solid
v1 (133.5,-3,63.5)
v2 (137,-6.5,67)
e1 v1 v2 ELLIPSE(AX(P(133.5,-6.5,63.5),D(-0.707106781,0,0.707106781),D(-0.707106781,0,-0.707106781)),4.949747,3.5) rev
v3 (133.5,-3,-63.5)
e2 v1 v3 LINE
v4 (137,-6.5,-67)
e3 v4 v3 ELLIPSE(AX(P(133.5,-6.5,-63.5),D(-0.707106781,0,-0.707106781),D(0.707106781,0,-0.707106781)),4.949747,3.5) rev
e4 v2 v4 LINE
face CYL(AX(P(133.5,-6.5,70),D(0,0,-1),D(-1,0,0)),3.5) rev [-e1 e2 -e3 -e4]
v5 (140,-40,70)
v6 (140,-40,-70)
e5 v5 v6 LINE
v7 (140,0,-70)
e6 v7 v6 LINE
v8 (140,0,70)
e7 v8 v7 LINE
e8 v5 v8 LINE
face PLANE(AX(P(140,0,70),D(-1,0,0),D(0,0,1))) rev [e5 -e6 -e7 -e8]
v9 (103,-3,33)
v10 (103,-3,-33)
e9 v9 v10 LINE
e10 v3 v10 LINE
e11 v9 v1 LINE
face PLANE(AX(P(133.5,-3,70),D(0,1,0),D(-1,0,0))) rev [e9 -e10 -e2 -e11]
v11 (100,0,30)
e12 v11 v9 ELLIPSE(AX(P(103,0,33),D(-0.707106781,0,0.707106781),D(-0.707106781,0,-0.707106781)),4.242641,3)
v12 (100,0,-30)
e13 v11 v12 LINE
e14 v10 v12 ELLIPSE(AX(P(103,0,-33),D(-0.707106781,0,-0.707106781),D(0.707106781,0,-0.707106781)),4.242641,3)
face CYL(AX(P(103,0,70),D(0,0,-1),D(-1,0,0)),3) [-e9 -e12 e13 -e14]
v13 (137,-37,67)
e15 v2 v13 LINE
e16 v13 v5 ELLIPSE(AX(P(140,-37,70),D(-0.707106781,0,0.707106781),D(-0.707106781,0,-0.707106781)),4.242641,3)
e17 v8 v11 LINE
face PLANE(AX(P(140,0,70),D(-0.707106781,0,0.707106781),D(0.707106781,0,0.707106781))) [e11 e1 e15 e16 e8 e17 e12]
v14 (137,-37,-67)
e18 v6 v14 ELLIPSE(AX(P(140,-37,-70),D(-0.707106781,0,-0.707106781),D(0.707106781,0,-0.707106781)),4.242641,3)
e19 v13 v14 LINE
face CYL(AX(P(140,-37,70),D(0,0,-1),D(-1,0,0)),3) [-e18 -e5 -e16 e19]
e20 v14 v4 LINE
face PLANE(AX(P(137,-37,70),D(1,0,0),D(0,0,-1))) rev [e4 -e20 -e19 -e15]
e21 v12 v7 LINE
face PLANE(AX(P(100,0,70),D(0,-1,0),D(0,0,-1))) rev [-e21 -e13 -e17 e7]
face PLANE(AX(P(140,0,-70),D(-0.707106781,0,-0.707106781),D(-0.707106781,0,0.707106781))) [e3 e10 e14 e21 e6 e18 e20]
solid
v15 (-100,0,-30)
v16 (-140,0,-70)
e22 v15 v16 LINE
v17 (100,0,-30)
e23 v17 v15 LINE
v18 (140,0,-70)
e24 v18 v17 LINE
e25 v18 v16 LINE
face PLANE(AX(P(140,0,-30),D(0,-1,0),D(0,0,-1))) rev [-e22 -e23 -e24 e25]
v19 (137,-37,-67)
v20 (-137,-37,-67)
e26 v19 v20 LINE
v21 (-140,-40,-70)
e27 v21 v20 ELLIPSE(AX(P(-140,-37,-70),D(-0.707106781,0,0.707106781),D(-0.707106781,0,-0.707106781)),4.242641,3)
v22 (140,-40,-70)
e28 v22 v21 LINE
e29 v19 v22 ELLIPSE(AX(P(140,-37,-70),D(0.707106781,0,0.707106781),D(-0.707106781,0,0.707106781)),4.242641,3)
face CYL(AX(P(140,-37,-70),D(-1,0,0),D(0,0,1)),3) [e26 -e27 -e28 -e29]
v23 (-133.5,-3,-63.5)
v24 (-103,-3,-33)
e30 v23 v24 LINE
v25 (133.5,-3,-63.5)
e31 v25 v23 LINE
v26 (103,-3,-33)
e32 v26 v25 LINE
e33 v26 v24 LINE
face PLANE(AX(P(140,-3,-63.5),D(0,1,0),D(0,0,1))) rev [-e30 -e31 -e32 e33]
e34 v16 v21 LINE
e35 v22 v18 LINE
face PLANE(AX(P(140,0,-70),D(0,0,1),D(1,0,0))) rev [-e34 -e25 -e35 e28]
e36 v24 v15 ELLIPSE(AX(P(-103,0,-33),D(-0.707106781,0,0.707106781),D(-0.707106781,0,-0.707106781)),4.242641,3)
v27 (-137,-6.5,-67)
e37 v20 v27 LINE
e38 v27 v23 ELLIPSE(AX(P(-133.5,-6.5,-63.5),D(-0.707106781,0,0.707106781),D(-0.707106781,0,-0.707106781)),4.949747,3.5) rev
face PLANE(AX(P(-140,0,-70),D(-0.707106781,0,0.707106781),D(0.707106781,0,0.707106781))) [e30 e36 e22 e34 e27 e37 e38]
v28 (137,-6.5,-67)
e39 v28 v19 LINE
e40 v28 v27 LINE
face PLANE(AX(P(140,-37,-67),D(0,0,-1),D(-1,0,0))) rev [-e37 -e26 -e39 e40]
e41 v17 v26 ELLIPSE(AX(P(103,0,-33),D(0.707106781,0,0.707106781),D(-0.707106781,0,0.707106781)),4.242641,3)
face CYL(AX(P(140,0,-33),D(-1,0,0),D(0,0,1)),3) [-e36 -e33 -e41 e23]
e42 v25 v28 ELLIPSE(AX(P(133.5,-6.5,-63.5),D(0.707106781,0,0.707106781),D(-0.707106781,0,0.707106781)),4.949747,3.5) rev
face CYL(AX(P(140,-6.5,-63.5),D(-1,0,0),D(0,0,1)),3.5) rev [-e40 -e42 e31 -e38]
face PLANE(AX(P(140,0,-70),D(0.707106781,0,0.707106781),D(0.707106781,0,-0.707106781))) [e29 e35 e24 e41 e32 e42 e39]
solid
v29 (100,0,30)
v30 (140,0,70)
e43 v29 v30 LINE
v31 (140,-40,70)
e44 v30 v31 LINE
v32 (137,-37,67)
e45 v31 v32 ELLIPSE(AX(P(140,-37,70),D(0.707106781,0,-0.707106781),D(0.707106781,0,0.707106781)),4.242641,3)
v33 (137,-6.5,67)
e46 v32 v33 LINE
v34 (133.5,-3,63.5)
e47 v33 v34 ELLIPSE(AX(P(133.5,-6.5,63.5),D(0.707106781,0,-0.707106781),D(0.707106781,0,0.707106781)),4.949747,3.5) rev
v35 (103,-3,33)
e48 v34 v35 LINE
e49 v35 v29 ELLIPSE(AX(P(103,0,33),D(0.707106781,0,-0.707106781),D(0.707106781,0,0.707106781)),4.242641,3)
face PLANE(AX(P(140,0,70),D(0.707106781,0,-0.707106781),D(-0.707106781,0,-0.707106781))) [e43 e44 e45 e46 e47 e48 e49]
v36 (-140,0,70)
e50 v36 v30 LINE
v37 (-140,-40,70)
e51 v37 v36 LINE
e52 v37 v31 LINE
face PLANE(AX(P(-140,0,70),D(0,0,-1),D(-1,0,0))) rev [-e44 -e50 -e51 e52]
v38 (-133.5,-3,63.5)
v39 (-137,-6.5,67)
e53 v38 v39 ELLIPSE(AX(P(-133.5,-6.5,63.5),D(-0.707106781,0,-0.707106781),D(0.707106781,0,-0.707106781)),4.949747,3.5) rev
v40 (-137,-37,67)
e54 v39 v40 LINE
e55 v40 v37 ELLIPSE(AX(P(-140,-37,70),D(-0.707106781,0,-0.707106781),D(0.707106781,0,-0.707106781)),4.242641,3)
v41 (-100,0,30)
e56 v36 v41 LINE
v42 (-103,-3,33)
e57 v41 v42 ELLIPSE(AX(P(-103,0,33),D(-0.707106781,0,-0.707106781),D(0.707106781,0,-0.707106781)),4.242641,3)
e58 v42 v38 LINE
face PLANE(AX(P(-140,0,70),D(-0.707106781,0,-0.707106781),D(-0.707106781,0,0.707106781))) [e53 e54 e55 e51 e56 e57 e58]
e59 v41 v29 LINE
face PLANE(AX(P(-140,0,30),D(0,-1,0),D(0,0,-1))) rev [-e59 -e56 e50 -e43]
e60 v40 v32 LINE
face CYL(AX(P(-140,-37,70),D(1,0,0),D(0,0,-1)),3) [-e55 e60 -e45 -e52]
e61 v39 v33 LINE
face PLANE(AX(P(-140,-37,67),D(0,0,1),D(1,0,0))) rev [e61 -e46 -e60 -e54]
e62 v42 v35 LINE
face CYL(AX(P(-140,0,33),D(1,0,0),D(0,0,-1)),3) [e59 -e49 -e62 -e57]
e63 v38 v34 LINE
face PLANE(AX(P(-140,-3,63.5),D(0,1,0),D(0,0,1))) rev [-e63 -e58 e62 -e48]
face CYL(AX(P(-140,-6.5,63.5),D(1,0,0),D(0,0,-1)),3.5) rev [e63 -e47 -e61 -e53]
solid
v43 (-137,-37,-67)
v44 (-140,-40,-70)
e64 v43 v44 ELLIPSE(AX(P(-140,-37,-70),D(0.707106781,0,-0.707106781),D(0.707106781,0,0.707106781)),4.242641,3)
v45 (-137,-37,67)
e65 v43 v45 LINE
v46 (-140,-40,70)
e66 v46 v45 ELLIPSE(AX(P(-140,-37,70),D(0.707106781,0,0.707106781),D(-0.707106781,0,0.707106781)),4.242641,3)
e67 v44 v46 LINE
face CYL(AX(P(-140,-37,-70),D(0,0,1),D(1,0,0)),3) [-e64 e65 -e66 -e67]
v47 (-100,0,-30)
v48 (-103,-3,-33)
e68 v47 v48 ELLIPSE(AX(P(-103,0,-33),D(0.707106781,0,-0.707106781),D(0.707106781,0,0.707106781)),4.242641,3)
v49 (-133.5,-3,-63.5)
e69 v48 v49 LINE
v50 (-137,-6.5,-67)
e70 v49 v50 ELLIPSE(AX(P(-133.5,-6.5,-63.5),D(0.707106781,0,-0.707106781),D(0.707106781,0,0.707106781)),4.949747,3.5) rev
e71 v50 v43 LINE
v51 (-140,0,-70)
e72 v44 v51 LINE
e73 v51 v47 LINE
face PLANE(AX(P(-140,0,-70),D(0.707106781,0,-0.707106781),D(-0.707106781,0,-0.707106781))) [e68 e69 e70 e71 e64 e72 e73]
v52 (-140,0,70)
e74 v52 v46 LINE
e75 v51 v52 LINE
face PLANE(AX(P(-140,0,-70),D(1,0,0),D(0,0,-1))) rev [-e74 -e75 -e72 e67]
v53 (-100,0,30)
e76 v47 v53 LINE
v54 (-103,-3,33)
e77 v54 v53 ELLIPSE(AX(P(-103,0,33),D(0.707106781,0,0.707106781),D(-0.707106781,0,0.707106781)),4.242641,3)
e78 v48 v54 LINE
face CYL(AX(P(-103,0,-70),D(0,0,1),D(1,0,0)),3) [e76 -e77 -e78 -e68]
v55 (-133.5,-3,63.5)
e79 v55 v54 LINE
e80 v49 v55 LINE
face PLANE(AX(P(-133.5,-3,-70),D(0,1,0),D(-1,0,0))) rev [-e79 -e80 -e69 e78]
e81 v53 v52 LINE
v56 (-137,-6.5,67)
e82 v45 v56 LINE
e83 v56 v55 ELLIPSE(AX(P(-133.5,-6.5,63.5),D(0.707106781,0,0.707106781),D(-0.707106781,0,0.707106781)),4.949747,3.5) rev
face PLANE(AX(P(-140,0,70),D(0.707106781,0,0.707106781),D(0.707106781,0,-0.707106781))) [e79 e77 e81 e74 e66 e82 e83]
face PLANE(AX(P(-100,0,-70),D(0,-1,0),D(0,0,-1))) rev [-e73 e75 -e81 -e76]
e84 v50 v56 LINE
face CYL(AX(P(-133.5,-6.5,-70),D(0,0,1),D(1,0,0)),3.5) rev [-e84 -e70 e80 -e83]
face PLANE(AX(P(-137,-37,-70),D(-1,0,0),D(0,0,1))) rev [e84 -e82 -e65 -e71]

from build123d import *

# Parameters (mm, degrees)
IRON_V40X40X3_1_DEPTH      = 197.568542495
IRON_V40X40X3_1_DEPTH_BACK = 57.568542495
IRON_V40X40X3_1_2_DEPTH    = 395.13708499
IRON_V40X40X3_1_3_DEPTH    = 255.13708499
IRON_V40X40X3_1_4_DEPTH    = 395.13708499


with BuildPart() as part:
    # Sketch1 → Iron V40X40X3(1) (new, two sides: drawn at the far end of the back side and taken through both)
    with BuildSketch(Plane(origin=(-140, 0, 70), x_dir=(1, 0, 0), z_dir=(0, 0, -1)).offset(-IRON_V40X40X3_1_DEPTH_BACK)):
        with BuildLine():
            Line((0, 0), (0, 40))
            ThreePointArc((0, 40), (2.121320344, 39.121320344), (3, 37))
            Line((3, 37), (3, 6.5))
            ThreePointArc((3, 6.5), (4.025126266, 4.025126266), (6.5, 3))
            Line((6.5, 3), (37, 3))
            ThreePointArc((37, 3), (39.121320344, 2.121320344), (40, 0))
            Line((40, 0), (0, 0))
        make_face()
    extrude(amount=IRON_V40X40X3_1_DEPTH + IRON_V40X40X3_1_DEPTH_BACK)

    # Iron V40X40X3(1) mitre 1
    split(bisect_by=Plane(origin=(-140, 0, 70), x_dir=(0, -1, 0), z_dir=(-0.707106781, 0, -0.707106781)), keep=Keep.TOP)

    # Iron V40X40X3(1) mitre 2
    split(bisect_by=Plane(origin=(-140, 0, -70), x_dir=(0, -1, 0), z_dir=(-0.707106781, 0, 0.707106781)), keep=Keep.TOP)


with BuildPart() as body_2:
    # Sketch1 on segment 2 (carried to segment 2) → Iron V40X40X3_1 2 (new body)
    with BuildSketch(Plane(origin=(-197.568542495, 0, -70), x_dir=(0, 0, 1), z_dir=(1, 0, 0))):
        with BuildLine():
            Line((0, 0), (0, 40))
            ThreePointArc((0, 40), (2.121320344, 39.121320344), (3, 37))
            Line((3, 37), (3, 6.5))
            ThreePointArc((3, 6.5), (4.025126266, 4.025126266), (6.5, 3))
            Line((6.5, 3), (37, 3))
            ThreePointArc((37, 3), (39.121320344, 2.121320344), (40, 0))
            Line((40, 0), (0, 0))
        make_face()
    extrude(amount=IRON_V40X40X3_1_2_DEPTH)

    # Iron V40X40X3_1 2 mitre 1
    split(bisect_by=Plane(origin=(-140, 0, -70), x_dir=(0, 1, 0), z_dir=(0.707106781, 0, -0.707106781)), keep=Keep.TOP)

    # Iron V40X40X3_1 2 mitre 2
    split(bisect_by=Plane(origin=(140, 0, -70), x_dir=(0, -1, 0), z_dir=(-0.707106781, 0, -0.707106781)), keep=Keep.TOP)


with BuildPart() as body_3:
    # Sketch1 on segment 3 (carried to segment 3) → Iron V40X40X3_1 3 (new body)
    with BuildSketch(Plane(origin=(140, 0, -127.568542495), x_dir=(-1, 0, 0), z_dir=(0, 0, 1))):
        with BuildLine():
            Line((0, 0), (0, 40))
            ThreePointArc((0, 40), (2.121320344, 39.121320344), (3, 37))
            Line((3, 37), (3, 6.5))
            ThreePointArc((3, 6.5), (4.025126266, 4.025126266), (6.5, 3))
            Line((6.5, 3), (37, 3))
            ThreePointArc((37, 3), (39.121320344, 2.121320344), (40, 0))
            Line((40, 0), (0, 0))
        make_face()
    extrude(amount=IRON_V40X40X3_1_3_DEPTH)

    # Iron V40X40X3_1 3 mitre 1
    split(bisect_by=Plane(origin=(140, 0, 70), x_dir=(0, 1, 0), z_dir=(0.707106781, 0, -0.707106781)), keep=Keep.TOP)

    # Iron V40X40X3_1 3 mitre 2
    split(bisect_by=Plane(origin=(140, 0, -70), x_dir=(0, 1, 0), z_dir=(0.707106781, 0, 0.707106781)), keep=Keep.TOP)


with BuildPart() as body_4:
    # Sketch1 on segment 4 (carried to segment 4) → Iron V40X40X3_1 4 (new body)
    with BuildSketch(Plane(origin=(197.568542495, 0, 70), x_dir=(0, 0, -1), z_dir=(-1, 0, 0))):
        with BuildLine():
            Line((0, 0), (0, 40))
            ThreePointArc((0, 40), (2.121320344, 39.121320344), (3, 37))
            Line((3, 37), (3, 6.5))
            ThreePointArc((3, 6.5), (4.025126266, 4.025126266), (6.5, 3))
            Line((6.5, 3), (37, 3))
            ThreePointArc((37, 3), (39.121320344, 2.121320344), (40, 0))
            Line((40, 0), (0, 0))
        make_face()
    extrude(amount=IRON_V40X40X3_1_4_DEPTH)

    # Iron V40X40X3_1 4 mitre 1
    split(bisect_by=Plane(origin=(-140, 0, 70), x_dir=(0, 1, 0), z_dir=(0.707106781, 0, 0.707106781)), keep=Keep.TOP)

    # Iron V40X40X3_1 4 mitre 2
    split(bisect_by=Plane(origin=(140, 0, 70), x_dir=(0, -1, 0), z_dir=(-0.707106781, 0, 0.707106781)), keep=Keep.TOP)


solid = Compound([part.part, body_2.part, body_3.part, body_4.part])
